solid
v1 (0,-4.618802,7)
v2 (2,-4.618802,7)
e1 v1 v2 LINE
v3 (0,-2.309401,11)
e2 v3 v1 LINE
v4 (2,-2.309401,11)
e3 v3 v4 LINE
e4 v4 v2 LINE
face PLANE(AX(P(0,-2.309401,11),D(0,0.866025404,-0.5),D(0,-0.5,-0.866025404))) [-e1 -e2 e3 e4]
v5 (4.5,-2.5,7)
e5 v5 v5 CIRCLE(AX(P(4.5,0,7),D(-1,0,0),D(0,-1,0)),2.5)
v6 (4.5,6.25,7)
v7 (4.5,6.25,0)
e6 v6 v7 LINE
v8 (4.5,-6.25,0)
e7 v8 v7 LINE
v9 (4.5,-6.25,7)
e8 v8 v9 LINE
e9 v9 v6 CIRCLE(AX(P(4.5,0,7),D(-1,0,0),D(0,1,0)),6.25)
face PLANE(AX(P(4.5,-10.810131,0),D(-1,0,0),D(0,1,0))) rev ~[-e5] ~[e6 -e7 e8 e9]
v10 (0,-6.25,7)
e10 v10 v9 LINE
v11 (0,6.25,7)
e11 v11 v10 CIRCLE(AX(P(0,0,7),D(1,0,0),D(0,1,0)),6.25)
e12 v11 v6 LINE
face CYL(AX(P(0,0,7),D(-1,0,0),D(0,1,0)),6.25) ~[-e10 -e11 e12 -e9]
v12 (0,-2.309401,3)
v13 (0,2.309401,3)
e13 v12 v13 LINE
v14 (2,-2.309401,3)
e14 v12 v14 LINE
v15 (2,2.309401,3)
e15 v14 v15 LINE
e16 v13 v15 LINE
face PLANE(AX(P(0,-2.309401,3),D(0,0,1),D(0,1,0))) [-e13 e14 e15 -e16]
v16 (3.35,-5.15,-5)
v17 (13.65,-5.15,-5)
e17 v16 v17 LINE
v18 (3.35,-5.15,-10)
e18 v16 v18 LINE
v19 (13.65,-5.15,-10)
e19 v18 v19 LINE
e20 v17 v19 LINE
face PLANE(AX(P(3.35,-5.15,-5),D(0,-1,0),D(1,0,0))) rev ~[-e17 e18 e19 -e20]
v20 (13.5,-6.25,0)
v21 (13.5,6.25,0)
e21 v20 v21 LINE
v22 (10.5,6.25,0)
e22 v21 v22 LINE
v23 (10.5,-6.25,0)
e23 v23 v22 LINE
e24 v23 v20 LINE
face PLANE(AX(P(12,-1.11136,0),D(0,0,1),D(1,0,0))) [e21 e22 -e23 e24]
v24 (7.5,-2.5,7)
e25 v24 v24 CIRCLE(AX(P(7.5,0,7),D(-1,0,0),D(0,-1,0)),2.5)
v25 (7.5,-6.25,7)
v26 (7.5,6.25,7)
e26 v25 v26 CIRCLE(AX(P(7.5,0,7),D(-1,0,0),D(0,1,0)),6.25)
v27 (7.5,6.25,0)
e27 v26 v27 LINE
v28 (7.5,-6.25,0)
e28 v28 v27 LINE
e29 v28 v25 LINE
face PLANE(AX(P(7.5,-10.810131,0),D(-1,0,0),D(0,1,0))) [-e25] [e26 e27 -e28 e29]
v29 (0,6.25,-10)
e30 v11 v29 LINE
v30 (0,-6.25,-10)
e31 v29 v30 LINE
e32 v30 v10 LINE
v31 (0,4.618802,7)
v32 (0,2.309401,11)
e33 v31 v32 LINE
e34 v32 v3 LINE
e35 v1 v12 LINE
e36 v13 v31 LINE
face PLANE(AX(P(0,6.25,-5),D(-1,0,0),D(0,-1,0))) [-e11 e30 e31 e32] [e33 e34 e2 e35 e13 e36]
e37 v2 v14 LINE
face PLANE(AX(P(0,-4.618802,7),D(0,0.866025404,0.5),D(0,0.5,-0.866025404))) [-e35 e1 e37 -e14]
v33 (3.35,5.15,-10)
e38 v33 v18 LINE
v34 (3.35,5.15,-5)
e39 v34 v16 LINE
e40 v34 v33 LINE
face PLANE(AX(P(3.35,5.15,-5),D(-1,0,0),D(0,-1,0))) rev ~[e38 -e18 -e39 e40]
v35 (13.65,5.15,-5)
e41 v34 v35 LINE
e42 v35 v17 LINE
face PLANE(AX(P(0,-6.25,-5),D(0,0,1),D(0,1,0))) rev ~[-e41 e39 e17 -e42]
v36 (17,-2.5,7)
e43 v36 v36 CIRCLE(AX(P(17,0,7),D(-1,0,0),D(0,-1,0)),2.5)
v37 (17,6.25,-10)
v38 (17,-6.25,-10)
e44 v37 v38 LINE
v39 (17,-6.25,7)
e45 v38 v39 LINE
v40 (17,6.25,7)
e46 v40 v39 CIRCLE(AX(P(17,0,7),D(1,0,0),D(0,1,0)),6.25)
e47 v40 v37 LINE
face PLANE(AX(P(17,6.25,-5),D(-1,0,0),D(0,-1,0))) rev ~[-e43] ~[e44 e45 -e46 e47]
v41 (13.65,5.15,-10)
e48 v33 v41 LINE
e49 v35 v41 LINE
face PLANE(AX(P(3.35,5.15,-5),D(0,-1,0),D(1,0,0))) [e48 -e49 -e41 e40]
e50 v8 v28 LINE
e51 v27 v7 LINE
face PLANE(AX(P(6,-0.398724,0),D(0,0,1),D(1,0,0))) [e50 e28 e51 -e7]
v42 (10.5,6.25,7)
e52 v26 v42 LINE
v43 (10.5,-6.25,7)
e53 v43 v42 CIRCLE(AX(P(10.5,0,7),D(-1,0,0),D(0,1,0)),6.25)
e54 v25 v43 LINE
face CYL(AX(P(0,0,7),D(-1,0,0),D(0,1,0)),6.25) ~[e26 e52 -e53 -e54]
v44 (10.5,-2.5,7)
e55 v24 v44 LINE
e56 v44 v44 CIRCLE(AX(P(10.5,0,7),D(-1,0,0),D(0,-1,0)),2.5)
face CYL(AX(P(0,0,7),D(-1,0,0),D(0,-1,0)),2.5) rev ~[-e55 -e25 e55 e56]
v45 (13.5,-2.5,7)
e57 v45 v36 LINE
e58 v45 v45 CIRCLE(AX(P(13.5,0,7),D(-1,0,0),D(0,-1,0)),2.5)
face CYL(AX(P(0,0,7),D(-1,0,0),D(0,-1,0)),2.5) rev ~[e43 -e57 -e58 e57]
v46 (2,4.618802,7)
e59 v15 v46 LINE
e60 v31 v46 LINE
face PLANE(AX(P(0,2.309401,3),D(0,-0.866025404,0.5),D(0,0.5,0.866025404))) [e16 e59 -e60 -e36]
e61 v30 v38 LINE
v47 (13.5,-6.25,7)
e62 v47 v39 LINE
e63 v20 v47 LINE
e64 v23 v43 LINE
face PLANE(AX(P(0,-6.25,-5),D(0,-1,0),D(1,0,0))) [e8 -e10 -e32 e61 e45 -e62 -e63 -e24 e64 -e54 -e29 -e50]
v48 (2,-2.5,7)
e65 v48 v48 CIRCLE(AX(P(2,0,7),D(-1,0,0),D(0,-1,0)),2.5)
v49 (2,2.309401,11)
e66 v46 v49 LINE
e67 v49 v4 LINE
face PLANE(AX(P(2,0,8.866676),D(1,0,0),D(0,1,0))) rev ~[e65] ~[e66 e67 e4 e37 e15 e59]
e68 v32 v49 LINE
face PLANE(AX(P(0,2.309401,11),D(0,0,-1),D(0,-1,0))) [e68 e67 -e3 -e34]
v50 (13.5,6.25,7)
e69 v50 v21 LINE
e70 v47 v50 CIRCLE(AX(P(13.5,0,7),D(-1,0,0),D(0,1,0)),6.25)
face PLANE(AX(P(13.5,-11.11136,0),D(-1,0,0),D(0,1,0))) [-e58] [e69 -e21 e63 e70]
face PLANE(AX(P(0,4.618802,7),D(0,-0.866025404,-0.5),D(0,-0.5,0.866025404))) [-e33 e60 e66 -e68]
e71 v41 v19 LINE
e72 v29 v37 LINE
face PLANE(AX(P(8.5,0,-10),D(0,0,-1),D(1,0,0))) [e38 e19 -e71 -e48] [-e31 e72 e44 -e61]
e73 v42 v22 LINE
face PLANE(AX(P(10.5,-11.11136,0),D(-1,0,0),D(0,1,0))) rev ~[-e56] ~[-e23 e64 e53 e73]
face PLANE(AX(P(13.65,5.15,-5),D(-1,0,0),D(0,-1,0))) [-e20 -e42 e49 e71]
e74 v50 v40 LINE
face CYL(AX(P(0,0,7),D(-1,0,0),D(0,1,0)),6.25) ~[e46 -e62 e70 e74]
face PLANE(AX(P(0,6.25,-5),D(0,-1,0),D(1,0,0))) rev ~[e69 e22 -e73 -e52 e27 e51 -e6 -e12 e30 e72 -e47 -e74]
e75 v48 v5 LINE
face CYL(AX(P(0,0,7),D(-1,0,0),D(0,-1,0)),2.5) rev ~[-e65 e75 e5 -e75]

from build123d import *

# Parameters (mm, degrees)
F0_W     = 12.5
F0_H     = 5
F1_DEPTH = 17
F2_DEPTH = 2
F3_W     = 3
F3_H     = 20.822813987
F3_H_2   = 20
F4_DEPTH = 25
F5_W     = 17
F5_H     = 12.5
F5_W_2   = 10.3
F5_H_2   = 10.3
F6_DEPTH = 5


with BuildPart() as f1:
    # F0 (on Right) → F1 (new body)
    with BuildSketch(Plane.YZ):
        with BuildLine():
            ThreePointArc((6.25, 7), (0, 13.25), (-6.25, 7))
            Line((-6.25, 7), (-4.6188021535, 7))
            Line((-4.6188021535, 7), (-2.3094010768, 11))
            Line((-2.3094010768, 11), (2.3094010768, 11))
            Line((2.3094010768, 11), (4.6188021535, 7))
            Line((4.6188021535, 7), (6.25, 7))
        make_face()
        Polygon((-6.25, 7), (-6.25, 0), (6.25, 0), (6.25, 7), (4.6188021535, 7), (2.3094010768, 3), (-2.3094010768, 3), (-4.6188021535, 7), align=None)
        with BuildLine():
            Line((-2.5, 7), (-4.6188021535, 7))
            Line((-4.6188021535, 7), (-2.3094010768, 3))
            Line((-2.3094010768, 3), (2.3094010768, 3))
            Line((2.3094010768, 3), (4.6188021535, 7))
            Line((4.6188021535, 7), (2.5, 7))
            ThreePointArc((2.5, 7), (0, 4.5), (-2.5, 7))
        make_face()
        with BuildLine():
            Line((-2.3094010768, 11), (-4.6188021535, 7))
            Line((-4.6188021535, 7), (-2.5, 7))
            ThreePointArc((-2.5, 7), (0, 9.5), (2.5, 7))
            Line((2.5, 7), (4.6188021535, 7))
            Line((4.6188021535, 7), (2.3094010768, 11))
            Line((2.3094010768, 11), (-2.3094010768, 11))
        make_face()
        with Locations((0, -2.5)):
            Rectangle(F0_W, F0_H)
    extrude(amount=F1_DEPTH)

    # F0 (on Right) → F2 (cut)
    with BuildSketch(Plane.YZ):
        with BuildLine():
            Line((-2.3094010768, 11), (-4.6188021535, 7))
            Line((-4.6188021535, 7), (-2.5, 7))
            ThreePointArc((-2.5, 7), (0, 9.5), (2.5, 7))
            Line((2.5, 7), (4.6188021535, 7))
            Line((4.6188021535, 7), (2.3094010768, 11))
            Line((2.3094010768, 11), (-2.3094010768, 11))
        make_face()
        with BuildLine():
            Line((-2.5, 7), (-4.6188021535, 7))
            Line((-4.6188021535, 7), (-2.3094010768, 3))
            Line((-2.3094010768, 3), (2.3094010768, 3))
            Line((2.3094010768, 3), (4.6188021535, 7))
            Line((4.6188021535, 7), (2.5, 7))
            ThreePointArc((2.5, 7), (0, 4.5), (-2.5, 7))
        make_face()
    extrude(amount=F2_DEPTH, mode=Mode.SUBTRACT)

    # F3 (on Top) → F4 (cut)
    with BuildSketch(Plane.XY):
        with Locations((6, -0.3987241719)):
            Rectangle(F3_W, F3_H)
        with Locations((12, -1.1113596391)):
            Rectangle(F3_W, F3_H_2)
    extrude(amount=F4_DEPTH, mode=Mode.SUBTRACT)

    # F5 (on face) → F6 (join)
    with BuildSketch(Plane(origin=(0, 0, -5), x_dir=(1, 0, 0), z_dir=(0, 0, -1))):
        with Locations((8.5, 0)):
            Rectangle(F5_W, F5_H)
        with Locations((8.5, 0)):
            Rectangle(F5_W_2, F5_H_2, mode=Mode.SUBTRACT)
    extrude(amount=F6_DEPTH)


solid = f1.part
